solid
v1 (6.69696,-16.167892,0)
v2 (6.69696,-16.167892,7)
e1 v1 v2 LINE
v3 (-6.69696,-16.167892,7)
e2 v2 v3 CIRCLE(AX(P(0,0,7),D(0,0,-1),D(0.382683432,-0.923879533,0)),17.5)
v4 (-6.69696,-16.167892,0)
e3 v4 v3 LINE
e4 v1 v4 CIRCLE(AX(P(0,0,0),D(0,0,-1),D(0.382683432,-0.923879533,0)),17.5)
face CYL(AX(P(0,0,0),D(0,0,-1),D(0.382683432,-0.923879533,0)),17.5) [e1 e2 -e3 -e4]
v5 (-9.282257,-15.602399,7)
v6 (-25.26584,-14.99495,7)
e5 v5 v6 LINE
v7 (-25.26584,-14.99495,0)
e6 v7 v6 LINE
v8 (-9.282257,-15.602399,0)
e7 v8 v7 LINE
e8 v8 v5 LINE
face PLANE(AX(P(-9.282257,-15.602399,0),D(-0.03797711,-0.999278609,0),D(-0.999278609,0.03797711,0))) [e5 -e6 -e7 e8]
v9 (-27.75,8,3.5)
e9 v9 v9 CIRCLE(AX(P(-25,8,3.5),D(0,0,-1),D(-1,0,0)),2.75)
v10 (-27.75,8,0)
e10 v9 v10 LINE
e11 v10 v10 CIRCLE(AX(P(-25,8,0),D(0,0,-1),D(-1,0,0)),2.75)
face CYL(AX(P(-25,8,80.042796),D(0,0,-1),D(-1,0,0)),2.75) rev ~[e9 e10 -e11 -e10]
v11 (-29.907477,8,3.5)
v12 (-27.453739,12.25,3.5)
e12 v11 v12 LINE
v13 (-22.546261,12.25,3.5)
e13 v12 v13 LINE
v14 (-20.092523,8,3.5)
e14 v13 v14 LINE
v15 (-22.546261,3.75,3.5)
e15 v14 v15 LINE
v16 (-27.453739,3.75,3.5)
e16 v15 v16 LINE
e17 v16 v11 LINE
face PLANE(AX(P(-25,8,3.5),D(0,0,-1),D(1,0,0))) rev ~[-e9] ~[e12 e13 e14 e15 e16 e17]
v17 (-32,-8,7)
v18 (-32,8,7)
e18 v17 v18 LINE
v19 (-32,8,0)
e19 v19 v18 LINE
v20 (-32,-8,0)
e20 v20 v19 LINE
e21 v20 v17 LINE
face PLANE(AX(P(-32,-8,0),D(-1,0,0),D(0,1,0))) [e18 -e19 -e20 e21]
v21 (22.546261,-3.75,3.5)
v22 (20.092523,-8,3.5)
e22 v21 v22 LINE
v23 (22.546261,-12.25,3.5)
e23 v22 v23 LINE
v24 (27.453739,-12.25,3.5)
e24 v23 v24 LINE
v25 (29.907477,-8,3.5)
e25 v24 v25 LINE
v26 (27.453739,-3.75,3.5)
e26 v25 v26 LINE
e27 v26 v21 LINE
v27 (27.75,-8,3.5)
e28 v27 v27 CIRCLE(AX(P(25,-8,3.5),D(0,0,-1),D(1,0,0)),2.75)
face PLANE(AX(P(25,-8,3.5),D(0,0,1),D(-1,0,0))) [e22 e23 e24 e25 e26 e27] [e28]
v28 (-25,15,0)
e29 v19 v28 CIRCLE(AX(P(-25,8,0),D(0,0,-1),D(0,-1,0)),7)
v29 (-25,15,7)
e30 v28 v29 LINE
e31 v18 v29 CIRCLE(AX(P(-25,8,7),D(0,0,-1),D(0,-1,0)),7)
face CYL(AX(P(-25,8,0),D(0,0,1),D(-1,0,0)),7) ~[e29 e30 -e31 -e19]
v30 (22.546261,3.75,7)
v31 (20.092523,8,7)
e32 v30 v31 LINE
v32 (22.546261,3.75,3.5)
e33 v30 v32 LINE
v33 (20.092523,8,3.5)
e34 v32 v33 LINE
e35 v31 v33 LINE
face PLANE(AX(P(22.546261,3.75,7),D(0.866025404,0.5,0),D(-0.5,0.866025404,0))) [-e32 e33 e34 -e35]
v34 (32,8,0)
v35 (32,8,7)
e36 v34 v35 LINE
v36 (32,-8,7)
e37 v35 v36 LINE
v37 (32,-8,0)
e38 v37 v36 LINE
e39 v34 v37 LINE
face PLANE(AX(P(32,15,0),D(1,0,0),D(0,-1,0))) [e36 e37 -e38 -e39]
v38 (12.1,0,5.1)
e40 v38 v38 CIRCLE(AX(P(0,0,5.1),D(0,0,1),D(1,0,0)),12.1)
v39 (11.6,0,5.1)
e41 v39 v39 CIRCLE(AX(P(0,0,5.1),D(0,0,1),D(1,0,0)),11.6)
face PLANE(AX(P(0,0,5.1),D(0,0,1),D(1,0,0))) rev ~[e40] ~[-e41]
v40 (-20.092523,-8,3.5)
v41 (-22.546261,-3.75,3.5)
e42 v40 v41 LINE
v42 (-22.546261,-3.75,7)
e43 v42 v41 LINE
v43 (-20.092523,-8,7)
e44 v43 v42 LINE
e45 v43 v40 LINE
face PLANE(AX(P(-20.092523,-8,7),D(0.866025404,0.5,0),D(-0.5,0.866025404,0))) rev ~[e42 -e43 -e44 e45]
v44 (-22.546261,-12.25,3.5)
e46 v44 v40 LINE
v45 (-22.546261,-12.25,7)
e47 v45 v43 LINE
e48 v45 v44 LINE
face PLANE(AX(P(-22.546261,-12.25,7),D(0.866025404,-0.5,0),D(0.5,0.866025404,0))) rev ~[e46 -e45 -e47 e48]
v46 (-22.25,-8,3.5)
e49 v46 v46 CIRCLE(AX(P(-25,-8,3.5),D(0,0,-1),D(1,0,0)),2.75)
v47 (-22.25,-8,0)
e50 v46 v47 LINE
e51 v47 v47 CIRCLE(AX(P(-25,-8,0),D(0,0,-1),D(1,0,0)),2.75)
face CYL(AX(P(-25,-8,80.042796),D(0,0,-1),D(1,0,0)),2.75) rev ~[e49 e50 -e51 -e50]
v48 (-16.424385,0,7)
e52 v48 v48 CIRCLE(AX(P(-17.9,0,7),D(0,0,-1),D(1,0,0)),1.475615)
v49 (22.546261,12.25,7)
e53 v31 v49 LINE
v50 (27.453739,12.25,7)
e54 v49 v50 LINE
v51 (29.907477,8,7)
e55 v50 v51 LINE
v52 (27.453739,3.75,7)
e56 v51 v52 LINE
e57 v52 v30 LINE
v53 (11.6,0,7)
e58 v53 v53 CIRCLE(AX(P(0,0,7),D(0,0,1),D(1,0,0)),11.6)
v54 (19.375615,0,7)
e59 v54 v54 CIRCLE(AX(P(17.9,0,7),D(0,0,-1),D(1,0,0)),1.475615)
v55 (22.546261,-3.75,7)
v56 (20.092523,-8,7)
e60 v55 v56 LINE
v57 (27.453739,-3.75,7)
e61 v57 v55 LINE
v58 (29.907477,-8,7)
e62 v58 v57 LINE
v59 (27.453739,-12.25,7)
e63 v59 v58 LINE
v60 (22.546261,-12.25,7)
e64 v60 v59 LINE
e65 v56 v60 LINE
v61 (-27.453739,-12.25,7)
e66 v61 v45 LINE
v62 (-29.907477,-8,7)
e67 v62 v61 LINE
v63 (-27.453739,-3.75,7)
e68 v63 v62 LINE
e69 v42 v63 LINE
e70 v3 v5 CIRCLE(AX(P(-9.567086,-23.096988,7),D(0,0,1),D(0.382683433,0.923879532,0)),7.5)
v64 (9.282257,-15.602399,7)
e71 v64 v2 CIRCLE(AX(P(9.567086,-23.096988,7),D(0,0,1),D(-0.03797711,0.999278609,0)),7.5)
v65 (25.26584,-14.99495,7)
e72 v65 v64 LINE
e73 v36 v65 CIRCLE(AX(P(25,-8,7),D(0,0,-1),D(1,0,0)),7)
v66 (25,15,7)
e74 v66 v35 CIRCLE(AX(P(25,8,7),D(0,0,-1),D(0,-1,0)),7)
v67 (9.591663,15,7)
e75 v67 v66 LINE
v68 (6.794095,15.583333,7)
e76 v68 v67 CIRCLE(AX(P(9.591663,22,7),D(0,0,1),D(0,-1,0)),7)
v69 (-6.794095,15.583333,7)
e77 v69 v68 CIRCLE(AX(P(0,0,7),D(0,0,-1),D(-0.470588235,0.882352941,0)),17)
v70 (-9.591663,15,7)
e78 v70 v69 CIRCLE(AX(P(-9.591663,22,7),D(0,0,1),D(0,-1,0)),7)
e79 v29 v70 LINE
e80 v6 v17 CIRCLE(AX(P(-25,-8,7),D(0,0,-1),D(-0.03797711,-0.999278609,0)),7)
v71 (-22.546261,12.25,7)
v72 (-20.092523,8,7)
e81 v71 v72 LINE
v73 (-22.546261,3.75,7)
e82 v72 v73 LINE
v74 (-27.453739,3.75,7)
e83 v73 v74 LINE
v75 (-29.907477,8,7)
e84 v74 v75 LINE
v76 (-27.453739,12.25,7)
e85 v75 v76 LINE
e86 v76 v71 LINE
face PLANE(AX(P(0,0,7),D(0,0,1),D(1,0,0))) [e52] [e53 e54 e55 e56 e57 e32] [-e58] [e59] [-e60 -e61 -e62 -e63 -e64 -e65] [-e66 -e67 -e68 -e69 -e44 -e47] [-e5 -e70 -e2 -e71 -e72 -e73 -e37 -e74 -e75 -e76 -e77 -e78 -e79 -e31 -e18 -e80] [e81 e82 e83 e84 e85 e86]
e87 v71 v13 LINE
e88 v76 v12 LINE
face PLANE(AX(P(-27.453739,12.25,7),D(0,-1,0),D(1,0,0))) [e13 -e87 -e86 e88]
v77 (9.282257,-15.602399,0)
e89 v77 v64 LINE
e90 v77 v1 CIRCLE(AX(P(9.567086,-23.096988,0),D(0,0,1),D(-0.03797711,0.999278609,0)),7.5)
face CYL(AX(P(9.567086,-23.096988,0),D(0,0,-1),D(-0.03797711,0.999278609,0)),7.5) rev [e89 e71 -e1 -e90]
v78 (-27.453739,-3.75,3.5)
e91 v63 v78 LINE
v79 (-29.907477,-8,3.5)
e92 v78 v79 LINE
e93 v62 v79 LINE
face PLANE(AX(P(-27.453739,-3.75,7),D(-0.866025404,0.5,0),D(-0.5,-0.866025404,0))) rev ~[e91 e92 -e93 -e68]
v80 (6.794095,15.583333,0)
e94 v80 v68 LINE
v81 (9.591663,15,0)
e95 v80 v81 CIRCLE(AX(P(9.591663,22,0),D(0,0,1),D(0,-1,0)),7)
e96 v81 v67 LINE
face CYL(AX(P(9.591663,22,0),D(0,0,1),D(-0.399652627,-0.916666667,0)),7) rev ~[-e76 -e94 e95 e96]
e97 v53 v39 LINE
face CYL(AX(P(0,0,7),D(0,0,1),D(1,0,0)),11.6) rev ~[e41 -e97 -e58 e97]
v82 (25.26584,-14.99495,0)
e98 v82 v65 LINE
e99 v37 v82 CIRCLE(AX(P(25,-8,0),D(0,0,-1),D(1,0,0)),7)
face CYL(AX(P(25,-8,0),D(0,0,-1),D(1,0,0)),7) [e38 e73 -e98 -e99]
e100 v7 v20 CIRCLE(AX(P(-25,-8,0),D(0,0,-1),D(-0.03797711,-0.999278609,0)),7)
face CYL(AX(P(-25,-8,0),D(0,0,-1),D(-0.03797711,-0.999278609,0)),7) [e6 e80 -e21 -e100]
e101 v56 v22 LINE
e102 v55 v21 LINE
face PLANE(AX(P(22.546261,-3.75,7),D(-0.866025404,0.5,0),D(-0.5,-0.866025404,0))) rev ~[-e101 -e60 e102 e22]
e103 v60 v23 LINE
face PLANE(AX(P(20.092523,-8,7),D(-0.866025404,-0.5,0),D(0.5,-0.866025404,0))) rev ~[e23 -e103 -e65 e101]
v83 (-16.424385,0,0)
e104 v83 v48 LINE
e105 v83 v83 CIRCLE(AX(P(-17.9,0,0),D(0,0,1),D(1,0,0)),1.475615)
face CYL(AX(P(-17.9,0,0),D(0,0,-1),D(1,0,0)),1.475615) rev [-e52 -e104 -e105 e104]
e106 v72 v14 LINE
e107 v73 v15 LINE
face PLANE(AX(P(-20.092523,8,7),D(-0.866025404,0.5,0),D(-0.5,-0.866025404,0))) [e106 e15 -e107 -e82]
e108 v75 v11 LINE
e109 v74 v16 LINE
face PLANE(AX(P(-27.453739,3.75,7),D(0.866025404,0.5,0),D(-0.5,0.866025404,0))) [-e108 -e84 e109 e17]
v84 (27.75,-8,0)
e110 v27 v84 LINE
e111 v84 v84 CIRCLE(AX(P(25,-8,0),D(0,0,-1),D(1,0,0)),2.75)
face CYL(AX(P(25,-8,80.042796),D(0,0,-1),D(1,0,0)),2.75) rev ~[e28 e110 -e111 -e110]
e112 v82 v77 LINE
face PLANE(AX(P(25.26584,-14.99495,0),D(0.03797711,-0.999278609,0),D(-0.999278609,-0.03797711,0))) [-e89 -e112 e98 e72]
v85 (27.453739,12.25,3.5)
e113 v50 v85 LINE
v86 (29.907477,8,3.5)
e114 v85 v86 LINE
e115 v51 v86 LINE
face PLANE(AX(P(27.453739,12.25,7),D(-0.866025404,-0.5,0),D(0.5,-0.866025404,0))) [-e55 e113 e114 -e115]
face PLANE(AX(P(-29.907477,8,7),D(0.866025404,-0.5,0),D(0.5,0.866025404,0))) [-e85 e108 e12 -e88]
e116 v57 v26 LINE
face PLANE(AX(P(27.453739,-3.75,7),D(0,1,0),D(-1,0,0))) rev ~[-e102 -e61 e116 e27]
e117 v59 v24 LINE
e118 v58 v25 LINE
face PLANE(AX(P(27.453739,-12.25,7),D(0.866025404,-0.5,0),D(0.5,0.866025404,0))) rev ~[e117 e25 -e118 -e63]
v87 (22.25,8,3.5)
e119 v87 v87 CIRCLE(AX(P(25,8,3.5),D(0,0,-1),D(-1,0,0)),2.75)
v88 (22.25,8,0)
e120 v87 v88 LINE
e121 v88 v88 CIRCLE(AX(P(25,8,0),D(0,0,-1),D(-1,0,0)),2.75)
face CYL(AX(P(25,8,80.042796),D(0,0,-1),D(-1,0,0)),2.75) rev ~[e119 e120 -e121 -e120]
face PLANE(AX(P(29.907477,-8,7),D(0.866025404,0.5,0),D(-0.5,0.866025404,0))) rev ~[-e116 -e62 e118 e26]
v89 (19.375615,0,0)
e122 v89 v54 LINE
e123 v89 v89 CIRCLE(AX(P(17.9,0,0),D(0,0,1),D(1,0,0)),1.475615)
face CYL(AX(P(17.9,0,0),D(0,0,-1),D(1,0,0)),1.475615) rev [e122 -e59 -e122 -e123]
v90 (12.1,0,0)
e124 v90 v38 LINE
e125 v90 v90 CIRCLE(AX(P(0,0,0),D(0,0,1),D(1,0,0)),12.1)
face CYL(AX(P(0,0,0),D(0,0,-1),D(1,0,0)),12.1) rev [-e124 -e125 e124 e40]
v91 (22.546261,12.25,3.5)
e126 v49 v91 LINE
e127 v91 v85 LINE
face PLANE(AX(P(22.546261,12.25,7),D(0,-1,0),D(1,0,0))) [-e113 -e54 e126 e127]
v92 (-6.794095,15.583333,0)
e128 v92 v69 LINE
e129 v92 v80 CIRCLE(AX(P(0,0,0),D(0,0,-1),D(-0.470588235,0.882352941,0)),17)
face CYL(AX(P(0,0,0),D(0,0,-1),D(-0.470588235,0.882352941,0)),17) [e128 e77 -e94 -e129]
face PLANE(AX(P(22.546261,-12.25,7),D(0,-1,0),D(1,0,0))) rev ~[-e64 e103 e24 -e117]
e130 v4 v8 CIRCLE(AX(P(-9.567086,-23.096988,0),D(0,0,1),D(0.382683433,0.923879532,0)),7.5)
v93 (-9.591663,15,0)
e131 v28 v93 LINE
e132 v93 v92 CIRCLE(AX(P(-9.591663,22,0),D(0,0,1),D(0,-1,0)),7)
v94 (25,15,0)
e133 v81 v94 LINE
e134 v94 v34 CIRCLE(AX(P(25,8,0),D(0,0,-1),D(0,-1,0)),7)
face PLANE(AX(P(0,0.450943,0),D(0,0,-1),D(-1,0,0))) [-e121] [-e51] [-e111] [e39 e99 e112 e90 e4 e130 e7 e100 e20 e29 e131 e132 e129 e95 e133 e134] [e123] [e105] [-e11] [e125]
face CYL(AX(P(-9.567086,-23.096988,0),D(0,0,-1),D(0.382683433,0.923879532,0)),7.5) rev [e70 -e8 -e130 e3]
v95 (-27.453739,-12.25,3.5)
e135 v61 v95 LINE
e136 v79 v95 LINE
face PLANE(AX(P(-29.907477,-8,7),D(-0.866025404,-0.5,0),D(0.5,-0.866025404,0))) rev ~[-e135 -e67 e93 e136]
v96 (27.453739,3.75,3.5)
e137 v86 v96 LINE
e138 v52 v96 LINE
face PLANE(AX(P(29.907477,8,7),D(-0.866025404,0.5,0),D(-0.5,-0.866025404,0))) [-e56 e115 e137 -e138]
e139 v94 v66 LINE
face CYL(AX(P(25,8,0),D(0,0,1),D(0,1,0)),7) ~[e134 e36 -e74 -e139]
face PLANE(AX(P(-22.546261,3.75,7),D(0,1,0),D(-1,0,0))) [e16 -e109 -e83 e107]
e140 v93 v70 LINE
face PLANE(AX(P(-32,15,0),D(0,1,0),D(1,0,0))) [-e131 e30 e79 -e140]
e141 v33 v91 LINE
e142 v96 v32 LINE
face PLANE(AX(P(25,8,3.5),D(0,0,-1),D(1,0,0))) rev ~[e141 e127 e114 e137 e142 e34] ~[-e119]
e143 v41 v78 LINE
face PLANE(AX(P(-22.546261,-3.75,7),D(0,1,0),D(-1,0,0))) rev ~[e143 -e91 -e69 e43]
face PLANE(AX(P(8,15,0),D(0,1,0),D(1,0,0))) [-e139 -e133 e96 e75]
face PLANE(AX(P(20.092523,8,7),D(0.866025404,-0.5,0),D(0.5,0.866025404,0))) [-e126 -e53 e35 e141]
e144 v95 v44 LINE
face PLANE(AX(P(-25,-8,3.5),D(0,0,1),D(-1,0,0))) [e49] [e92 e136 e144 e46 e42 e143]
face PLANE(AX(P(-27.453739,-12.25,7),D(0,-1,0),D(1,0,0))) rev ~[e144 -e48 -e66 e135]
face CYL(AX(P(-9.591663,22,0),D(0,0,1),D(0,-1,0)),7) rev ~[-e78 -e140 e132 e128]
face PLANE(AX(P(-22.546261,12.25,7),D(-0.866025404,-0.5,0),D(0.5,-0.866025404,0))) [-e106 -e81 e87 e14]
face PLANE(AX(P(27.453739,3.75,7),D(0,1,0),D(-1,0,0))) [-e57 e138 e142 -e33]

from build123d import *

# Parameters (mm, degrees)
SKETCH_1_R          = 12.1
EXTRUDE_1_DEPTH     = 7
FILLET_3_R          = 7
SKETCH_7_R          = 12.1
SKETCH_7_R_2        = 11.6
EXTRUDE_2_DEPTH     = 1.9
HOLE_WIZARD_M53_D   = 5.5
HOLE_WIZARD_M54_D   = 5.5
CUT_EXTRUDE_1_DEPTH = 3.5
SKETCH1_R           = 1.475614807
CUT_EXTRUDE1_DEPTH  = 10


with BuildPart() as part:
    # Эскиз1 → Бобышка-Вытянуть1 (new body)
    with BuildSketch(Plane.XY):
        with BuildLine():
            Line((-9.282257481, -15.602398743), (-25.265839773, -14.994950265))
            ThreePointArc((-25.265839773, -14.994950265), (-30.042860221, -12.854849204), (-32, -8))
            Line((-32, -8), (-32, 15))
            Line((-32, 15), (-8, 15))
            ThreePointArc((-8, 15), (0, 17), (8, 15))
            Line((8, 15), (32, 15))
            Line((32, 15), (32, -8))
            ThreePointArc((32, -8), (30.042860221, -12.854849204), (25.265839773, -14.994950265))
            Line((25.265839773, -14.994950265), (9.282257481, -15.602398743))
            ThreePointArc((9.282257481, -15.602398743), (7.964469385, -15.770214084), (6.696960066, -16.167891819))
            ThreePointArc((6.696960066, -16.167891819), (0, -17.5), (-6.696960066, -16.167891819))
            ThreePointArc((-6.696960066, -16.167891819), (-7.964469385, -15.770214084), (-9.282257481, -15.602398743))
        make_face()
        Circle(SKETCH_1_R, mode=Mode.SUBTRACT)
    extrude(amount=EXTRUDE_1_DEPTH)

    # Скругление3
    fillet_3_edges = [part.edges().sort_by_distance(p)[0] for p in [
        (-32, 15, 3.5),
        (-8, 15, 3.5),
        (8, 15, 3.5),
        (32, 15, 3.5),
    ]]
    fillet(fillet_3_edges, radius=FILLET_3_R)

    # Эскиз7 → Бобышка-Вытянуть2 (add)
    with BuildSketch(Plane.XY.offset(7)):
        Circle(SKETCH_7_R)
        Circle(SKETCH_7_R_2, mode=Mode.SUBTRACT)
    extrude(amount=-EXTRUDE_2_DEPTH)

    # Отверстие с зазором M53 (through all)
    with Locations(Plane.XY.offset(7)):
        with Locations((-25, 8), (25, 8)):
            Hole(HOLE_WIZARD_M53_D / 2)

    # Отверстие с зазором M54 (through all)
    with Locations(Plane(origin=(-20.850360387, 7.199740636, 7), x_dir=(-1, 0, 0), z_dir=(0, 0, 1))):
        with Locations((-45.850360387, 15.199740636), (4.149639613, 15.199740636)):
            Hole(HOLE_WIZARD_M54_D / 2)

    # Эскиз18 → Вырез-Вытянуть1 (cut)
    with BuildSketch(Plane(origin=(0, 0, 7), x_dir=(1, 0, 0), z_dir=(0, 0, -1))):
        Polygon((20.092522712, -8), (22.546261356, -12.25), (27.453738644, -12.25), (29.907477288, -8), (27.453738644, -3.75), (22.546261356, -3.75), align=None)
        Polygon((-27.453738644, -3.75), (-29.907477288, -8), (-27.453738644, -12.25), (-22.546261356, -12.25), (-20.092522712, -8), (-22.546261356, -3.75), align=None)
        Polygon((20.092522712, 8), (22.546261356, 12.25), (27.453738644, 12.25), (29.907477288, 8), (27.453738644, 3.75), (22.546261356, 3.75), align=None)
        Polygon((-22.546261356, 12.25), (-20.092522712, 8), (-22.546261356, 3.75), (-27.453738644, 3.75), (-29.907477288, 8), (-27.453738644, 12.25), align=None)
    extrude(amount=CUT_EXTRUDE_1_DEPTH, mode=Mode.SUBTRACT)

    # Sketch1 → Cut-Extrude1 (cut)
    with BuildSketch(Plane.XY):
        with Locations((17.9, 0)):
            Circle(SKETCH1_R)
        with Locations((-17.9, 0)):
            Circle(SKETCH1_R)
    extrude(amount=CUT_EXTRUDE1_DEPTH, mode=Mode.SUBTRACT)


solid = part.part
